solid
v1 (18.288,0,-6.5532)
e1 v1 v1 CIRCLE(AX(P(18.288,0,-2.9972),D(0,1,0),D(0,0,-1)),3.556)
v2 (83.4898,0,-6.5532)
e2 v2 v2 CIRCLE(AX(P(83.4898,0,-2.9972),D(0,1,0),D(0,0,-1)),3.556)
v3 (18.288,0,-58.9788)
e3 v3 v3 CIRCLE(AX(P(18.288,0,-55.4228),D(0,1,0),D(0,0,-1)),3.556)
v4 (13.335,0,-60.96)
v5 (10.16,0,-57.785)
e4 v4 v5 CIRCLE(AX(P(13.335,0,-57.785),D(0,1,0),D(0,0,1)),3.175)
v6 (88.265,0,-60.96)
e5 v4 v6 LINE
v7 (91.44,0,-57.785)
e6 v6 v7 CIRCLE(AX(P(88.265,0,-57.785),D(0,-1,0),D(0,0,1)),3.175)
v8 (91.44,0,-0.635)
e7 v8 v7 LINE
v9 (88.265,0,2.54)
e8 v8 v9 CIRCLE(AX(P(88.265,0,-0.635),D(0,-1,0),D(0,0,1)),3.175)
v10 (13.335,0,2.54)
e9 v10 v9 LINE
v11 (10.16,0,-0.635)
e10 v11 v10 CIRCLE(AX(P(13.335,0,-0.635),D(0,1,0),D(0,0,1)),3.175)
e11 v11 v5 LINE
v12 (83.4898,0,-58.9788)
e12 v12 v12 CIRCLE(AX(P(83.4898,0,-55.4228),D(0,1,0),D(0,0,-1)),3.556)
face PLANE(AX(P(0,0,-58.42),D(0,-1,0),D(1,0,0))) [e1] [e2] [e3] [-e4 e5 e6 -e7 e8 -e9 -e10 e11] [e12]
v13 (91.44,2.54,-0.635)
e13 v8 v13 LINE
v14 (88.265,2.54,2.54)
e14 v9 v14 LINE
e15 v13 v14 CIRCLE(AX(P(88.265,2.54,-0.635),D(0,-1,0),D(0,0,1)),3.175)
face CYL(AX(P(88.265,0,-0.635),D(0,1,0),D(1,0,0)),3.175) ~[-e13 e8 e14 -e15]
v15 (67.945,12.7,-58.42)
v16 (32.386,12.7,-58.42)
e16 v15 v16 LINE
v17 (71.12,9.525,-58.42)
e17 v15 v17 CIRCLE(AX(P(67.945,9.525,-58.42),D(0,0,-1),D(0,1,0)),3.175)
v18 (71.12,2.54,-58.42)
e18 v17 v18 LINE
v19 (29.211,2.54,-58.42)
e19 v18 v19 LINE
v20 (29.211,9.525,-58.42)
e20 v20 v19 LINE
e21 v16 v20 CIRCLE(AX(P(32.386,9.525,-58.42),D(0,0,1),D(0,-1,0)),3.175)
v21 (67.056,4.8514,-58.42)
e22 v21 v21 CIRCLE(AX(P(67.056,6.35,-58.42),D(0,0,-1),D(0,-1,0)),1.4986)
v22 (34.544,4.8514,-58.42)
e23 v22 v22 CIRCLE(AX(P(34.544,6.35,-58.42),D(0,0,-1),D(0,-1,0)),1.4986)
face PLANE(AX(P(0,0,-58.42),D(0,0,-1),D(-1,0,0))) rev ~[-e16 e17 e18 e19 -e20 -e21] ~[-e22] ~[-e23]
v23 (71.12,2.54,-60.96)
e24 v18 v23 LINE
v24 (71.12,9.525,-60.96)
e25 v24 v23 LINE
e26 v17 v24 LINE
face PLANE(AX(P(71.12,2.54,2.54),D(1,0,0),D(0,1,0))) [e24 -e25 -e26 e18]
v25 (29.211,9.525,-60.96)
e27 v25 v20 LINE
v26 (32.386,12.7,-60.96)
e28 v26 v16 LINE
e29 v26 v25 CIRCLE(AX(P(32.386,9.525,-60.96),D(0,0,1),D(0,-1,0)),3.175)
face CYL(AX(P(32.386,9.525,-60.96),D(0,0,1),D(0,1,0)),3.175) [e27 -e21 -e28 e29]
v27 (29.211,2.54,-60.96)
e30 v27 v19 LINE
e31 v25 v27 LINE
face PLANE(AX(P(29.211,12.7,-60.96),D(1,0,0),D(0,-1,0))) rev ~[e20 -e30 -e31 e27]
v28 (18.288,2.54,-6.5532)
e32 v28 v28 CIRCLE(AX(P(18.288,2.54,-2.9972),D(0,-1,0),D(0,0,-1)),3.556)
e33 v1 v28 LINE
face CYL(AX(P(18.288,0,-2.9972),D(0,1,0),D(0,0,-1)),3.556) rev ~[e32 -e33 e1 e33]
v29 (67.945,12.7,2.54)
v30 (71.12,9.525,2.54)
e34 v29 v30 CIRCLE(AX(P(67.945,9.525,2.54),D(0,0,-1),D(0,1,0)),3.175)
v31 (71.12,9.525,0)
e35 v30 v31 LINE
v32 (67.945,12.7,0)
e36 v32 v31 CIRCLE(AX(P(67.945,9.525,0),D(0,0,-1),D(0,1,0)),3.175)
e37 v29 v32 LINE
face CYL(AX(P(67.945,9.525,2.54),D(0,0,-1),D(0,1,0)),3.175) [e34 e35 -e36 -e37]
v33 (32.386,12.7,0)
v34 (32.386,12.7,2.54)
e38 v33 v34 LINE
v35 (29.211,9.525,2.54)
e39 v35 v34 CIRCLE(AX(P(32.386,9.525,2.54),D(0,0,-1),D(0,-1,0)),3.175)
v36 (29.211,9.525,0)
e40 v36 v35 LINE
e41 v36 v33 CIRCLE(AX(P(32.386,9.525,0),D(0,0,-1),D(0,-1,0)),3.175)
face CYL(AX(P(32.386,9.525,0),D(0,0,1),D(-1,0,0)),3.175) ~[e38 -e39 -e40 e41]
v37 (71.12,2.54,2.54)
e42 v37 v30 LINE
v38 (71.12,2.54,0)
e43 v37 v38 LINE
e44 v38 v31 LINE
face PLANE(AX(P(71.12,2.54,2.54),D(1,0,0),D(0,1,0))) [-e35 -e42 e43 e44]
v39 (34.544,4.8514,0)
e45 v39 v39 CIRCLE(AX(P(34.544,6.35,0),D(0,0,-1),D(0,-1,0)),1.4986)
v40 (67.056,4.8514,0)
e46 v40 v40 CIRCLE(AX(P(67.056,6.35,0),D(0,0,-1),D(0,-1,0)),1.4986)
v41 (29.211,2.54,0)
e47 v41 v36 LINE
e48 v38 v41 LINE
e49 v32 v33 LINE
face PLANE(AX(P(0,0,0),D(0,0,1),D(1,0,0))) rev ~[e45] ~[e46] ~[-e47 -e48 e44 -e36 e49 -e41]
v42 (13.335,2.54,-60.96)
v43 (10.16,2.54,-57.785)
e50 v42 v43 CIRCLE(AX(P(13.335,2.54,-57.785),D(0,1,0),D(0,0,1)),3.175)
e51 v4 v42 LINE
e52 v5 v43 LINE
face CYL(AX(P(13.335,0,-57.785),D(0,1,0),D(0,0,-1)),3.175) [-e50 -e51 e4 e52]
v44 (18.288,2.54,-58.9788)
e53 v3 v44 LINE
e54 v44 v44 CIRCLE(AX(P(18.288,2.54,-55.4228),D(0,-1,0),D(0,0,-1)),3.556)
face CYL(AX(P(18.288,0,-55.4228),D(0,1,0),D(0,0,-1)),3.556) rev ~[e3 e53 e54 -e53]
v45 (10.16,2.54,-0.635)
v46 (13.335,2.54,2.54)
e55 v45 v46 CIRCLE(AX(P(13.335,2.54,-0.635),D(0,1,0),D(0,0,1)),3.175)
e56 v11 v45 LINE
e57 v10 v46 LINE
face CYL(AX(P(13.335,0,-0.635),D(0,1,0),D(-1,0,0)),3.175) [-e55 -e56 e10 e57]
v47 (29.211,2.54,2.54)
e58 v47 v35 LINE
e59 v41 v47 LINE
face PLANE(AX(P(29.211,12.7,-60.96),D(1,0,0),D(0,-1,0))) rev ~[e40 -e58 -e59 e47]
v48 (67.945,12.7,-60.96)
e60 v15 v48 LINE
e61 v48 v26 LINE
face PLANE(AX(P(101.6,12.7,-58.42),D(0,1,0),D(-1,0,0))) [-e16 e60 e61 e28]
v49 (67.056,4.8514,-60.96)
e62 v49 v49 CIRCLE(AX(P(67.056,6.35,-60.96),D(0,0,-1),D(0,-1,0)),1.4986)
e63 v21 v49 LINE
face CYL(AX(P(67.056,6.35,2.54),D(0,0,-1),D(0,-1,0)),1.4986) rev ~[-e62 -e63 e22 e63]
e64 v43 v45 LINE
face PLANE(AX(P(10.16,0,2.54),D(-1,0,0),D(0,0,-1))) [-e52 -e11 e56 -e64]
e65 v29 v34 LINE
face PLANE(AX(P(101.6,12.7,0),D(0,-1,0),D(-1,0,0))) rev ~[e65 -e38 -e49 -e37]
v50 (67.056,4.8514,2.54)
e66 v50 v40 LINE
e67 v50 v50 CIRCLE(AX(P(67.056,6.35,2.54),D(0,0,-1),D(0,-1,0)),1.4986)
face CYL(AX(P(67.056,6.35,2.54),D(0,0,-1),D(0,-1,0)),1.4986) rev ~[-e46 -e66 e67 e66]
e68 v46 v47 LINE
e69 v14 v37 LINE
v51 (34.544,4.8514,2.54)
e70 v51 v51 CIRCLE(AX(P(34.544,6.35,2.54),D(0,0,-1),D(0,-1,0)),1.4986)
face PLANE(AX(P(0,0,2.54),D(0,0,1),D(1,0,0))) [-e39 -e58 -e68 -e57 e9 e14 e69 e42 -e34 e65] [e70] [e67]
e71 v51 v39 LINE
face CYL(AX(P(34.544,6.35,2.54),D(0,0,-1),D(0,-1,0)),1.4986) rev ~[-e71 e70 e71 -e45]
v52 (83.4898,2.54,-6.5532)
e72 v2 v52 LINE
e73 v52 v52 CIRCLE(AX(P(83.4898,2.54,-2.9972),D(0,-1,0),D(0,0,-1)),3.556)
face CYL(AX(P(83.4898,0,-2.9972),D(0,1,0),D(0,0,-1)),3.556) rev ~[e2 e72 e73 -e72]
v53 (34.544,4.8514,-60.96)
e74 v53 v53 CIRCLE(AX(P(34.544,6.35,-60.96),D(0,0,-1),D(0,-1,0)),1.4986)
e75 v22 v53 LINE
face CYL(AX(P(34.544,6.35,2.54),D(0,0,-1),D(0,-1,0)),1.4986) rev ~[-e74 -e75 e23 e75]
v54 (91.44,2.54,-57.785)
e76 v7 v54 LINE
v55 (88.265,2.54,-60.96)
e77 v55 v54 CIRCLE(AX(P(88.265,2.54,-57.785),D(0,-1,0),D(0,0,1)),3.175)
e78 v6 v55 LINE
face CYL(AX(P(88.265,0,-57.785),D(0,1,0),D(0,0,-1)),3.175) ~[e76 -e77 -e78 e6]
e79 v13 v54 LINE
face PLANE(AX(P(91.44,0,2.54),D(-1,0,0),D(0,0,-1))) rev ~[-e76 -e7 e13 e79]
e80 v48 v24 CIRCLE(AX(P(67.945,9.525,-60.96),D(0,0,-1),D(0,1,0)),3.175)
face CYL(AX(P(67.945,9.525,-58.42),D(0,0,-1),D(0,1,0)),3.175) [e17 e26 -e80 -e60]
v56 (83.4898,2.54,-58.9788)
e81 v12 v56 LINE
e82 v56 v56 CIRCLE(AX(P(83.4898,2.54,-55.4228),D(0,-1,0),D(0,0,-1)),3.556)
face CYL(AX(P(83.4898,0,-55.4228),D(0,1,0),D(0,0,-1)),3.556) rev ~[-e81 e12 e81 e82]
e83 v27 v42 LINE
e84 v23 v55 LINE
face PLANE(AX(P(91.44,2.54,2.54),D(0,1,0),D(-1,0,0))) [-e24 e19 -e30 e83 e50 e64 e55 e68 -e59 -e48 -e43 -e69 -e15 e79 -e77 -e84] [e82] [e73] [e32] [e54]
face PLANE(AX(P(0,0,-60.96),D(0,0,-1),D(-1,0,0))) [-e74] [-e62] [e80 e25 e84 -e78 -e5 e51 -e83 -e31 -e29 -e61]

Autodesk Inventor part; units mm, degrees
ref_plane "YZ Plane" through (0, 0, 0) normal (1, 0, 0) x (0, 1, 0)
ref_plane "XZ Plane" through (0, 0, 0) normal (0, 1, 0) x (-1, 0, 0)
ref_plane "XY Plane" through (0, 0, 0) normal (0, 0, 1) x (1, 0, 0)
sketch "Sketch1" plane through (0, 0, 0) normal (0, 0, 1) x (1, 0, 0)
  line L0 (0, 0) -> (101.6, 0)
  line L1 (101.6, 0) -> (101.6, 12.7)
  line L2 (101.6, 12.7) -> (0, 12.7)
  line L3 (0, 12.7) -> (0, 0)
  dimension "d0" = 101.6
  dimension "d1" = 12.7
extrude "Extrusion1" add sketch "Sketch1" along normal blind 2.54
sketch "Sketch2" plane through (0, 0, 0) normal (0, 0, -1) x (-1, 0, 0)
  line L0 (-101.6, 0) -> (-101.6, 12.7) projected
  line L1 (0, 0) -> (-101.6, 0)
  line L2 (-101.6, 0) -> (-101.6, 2.54)
  line L3 (-101.6, 2.54) -> (0, 2.54)
  line L4 (0, 2.54) -> (0, 0)
  dimension "d4" = 2.54
extrude "Extrusion2" add sketch "Sketch2" along normal blind 58.42
sketch "Sketch3" plane through (0, 0, -58.42) normal (0, 0, -1) x (-1, 0, 0)
  line L0 (-101.6, 12.7) -> (0, 12.7) projected
  line L1 (0, 0) -> (-101.6, 0)
  line L2 (-101.6, 0) -> (-101.6, 12.7)
  line L3 (-101.6, 12.7) -> (0, 12.7)
  line L4 (0, 12.7) -> (0, 0)
  dimension "d19" = 101.6
extrude "Extrusion3" add sketch "Sketch3" along normal blind 2.54
sketch "Sketch4" plane through (0, 0, 2.54) normal (0, 0, 1) x (1, 0, 0)
  line L0 (101.6, 12.7) -> (0, 12.7) projected
  line L1 (101.6, 0) -> (101.6, 12.7) projected
  point P0 (0, 0)
  point P1 (67.056, 6.35)
  point P2 (34.544, 6.35)
  dimension "d9" = 32.512
  dimension "d10" = 6.35
  dimension "d11" = 6.35
  dimension "d20" = 34.544
hole "Hole1" at (67.056, 6.35, 2.54) at (34.544, 6.35, 2.54) direction (0, 0, -1) diameter 2.9972 end through all
sketch "Sketch5" plane through (0, 0, 2.54) normal (0, -1, 0) x (1, 0, 0)
  line L0 (101.6, -63.5) -> (101.6, 0) projected
  line L1 (0, 0) -> (101.6, 0) projected
  line L2 (0, 0) -> (0, -63.5) projected
  line L3 (101.6, -63.5) -> (0, -63.5) projected
  point P0 (0, -2.54)
  point P1 (83.4898, -5.5372)
  point P2 (18.288, -5.5372)
  point P3 (18.288, -57.9628)
  point P4 (83.4898, -57.9628)
  dimension "d21" = 18.1102
  dimension "d22" = 5.5372
  dimension "d23" = 5.5372
  dimension "d24" = 18.288
  dimension "d25" = 18.1102
  dimension "d26" = 5.5372
  dimension "d27" = 5.5372
  dimension "d28" = 18.288
hole "Hole2" at (83.4898, 0, -2.9972) at (18.288, 0, -2.9972) at (18.288, 0, -55.4228) at (83.4898, 0, -55.4228) direction (0, 1, 0) diameter 7.112 end through all
sketch "Sketch6" plane through (0, 0, 2.54) normal (0, 0, 1) x (1, 0, 0)
  circle A0 centre (34.544, 6.35) radius 1.4986 projected
  line L0 (33.0454, 6.35) -> (18.288, 6.35)
  circle A1 centre (67.056, 6.35) radius 1.4986 projected
  line L1 (68.5546, 6.35) -> (83.4898, 6.35)
  line L2 (68.5546, 6.35) -> (83.4898, 6.35) construction
  point P0 (0, 0)
  dimension "d36" = 14.7574
  dimension "d37" = 14.9352
  dimension "d38" = 0
sketch "Sketch8" plane through (0, 0, -60.96) normal (0, 0, -1) x (-1, 0, 0)
  line L0 (0, 0) -> (0, 2.54)
  line L1 (0, 0) -> (0, 12.7) projected
  line L2 (0, 12.7) -> (-29.211, 12.7)
  line L3 (-29.211, 12.7) -> (-29.211, 2.54)
  line L4 (-29.211, 2.54) -> (0, 2.54)
  line L5 (0, 2.54) -> (0, 12.7)
  dimension "d39" = 2.54
  dimension "d51" = 29.211
extrude "Extrusion4" cut sketch "Sketch8" against normal through all
sketch "Sketch9" plane through (0, 0, 2.54) normal (0, -1, 0) x (1, 0, 0)
  line L0 (0, -63.5) -> (29.211, -63.5) projected
  line L1 (0, 0) -> (10.16, 0)
  line L2 (10.16, 0) -> (10.16, -63.5)
  line L3 (10.16, -63.5) -> (0, -63.5)
  line L4 (0, -63.5) -> (0, 0)
  line L5 (101.6, -2.54) -> (101.6, 0) projected
  line L6 (29.211, -63.5) -> (101.6, -63.5) projected
  line L7 (101.6, 0) -> (91.44, 0)
  line L8 (91.44, 0) -> (91.44, -63.5)
  line L9 (91.44, -63.5) -> (101.6, -63.5)
  line L10 (101.6, -63.5) -> (101.6, 0)
  point P0 (0, -2.54)
  dimension "d42" = 10.16
  dimension "d43" = 10.16
extrude "Extrusion5" cut sketch "Sketch9" against normal blind 25.4
sketch "Sketch10" plane through (0, 0, 2.54) normal (0, 0, 1) x (1, 0, 0)
  line L0 (10.16, 0) -> (91.44, 0) projected
  line L1 (91.44, 0) -> (91.44, 2.54)
  line L2 (91.44, 12.7) -> (29.211, 12.7) projected
  line L3 (91.44, 2.54) -> (71.12, 2.54)
  line L4 (71.12, 2.54) -> (71.12, 12.7)
  line L5 (71.12, 12.7) -> (91.44, 12.7)
  line L6 (91.44, 12.7) -> (91.44, 2.54)
  point P0 (0, 0)
  dimension "d46" = 2.54
  dimension "d47" = 20.32
extrude "Extrusion6" cut sketch "Sketch10" against normal through all
fillet "Fillet1" radius 3.175 8 edges at (71.12, 12.7, 1.27) (29.211, 12.7, 1.27) (10.16, 1.27, -60.96) (10.16, 1.27, 2.54) (29.211, 12.7, -59.69) (71.12, 12.7, -59.69) (91.44, 1.27, -60.96) (91.44, 1.27, 2.54)
equation "\"d11\" = d10"
equation "\"d23\" = d22"
equation "\"d25\" = d21"
equation "\"d26\" = d22"
equation "\"d27\" = d22"
equation "\"d28\" = d24"
equation "\"d43\" = d42"
properties part number "track guide u channel"
